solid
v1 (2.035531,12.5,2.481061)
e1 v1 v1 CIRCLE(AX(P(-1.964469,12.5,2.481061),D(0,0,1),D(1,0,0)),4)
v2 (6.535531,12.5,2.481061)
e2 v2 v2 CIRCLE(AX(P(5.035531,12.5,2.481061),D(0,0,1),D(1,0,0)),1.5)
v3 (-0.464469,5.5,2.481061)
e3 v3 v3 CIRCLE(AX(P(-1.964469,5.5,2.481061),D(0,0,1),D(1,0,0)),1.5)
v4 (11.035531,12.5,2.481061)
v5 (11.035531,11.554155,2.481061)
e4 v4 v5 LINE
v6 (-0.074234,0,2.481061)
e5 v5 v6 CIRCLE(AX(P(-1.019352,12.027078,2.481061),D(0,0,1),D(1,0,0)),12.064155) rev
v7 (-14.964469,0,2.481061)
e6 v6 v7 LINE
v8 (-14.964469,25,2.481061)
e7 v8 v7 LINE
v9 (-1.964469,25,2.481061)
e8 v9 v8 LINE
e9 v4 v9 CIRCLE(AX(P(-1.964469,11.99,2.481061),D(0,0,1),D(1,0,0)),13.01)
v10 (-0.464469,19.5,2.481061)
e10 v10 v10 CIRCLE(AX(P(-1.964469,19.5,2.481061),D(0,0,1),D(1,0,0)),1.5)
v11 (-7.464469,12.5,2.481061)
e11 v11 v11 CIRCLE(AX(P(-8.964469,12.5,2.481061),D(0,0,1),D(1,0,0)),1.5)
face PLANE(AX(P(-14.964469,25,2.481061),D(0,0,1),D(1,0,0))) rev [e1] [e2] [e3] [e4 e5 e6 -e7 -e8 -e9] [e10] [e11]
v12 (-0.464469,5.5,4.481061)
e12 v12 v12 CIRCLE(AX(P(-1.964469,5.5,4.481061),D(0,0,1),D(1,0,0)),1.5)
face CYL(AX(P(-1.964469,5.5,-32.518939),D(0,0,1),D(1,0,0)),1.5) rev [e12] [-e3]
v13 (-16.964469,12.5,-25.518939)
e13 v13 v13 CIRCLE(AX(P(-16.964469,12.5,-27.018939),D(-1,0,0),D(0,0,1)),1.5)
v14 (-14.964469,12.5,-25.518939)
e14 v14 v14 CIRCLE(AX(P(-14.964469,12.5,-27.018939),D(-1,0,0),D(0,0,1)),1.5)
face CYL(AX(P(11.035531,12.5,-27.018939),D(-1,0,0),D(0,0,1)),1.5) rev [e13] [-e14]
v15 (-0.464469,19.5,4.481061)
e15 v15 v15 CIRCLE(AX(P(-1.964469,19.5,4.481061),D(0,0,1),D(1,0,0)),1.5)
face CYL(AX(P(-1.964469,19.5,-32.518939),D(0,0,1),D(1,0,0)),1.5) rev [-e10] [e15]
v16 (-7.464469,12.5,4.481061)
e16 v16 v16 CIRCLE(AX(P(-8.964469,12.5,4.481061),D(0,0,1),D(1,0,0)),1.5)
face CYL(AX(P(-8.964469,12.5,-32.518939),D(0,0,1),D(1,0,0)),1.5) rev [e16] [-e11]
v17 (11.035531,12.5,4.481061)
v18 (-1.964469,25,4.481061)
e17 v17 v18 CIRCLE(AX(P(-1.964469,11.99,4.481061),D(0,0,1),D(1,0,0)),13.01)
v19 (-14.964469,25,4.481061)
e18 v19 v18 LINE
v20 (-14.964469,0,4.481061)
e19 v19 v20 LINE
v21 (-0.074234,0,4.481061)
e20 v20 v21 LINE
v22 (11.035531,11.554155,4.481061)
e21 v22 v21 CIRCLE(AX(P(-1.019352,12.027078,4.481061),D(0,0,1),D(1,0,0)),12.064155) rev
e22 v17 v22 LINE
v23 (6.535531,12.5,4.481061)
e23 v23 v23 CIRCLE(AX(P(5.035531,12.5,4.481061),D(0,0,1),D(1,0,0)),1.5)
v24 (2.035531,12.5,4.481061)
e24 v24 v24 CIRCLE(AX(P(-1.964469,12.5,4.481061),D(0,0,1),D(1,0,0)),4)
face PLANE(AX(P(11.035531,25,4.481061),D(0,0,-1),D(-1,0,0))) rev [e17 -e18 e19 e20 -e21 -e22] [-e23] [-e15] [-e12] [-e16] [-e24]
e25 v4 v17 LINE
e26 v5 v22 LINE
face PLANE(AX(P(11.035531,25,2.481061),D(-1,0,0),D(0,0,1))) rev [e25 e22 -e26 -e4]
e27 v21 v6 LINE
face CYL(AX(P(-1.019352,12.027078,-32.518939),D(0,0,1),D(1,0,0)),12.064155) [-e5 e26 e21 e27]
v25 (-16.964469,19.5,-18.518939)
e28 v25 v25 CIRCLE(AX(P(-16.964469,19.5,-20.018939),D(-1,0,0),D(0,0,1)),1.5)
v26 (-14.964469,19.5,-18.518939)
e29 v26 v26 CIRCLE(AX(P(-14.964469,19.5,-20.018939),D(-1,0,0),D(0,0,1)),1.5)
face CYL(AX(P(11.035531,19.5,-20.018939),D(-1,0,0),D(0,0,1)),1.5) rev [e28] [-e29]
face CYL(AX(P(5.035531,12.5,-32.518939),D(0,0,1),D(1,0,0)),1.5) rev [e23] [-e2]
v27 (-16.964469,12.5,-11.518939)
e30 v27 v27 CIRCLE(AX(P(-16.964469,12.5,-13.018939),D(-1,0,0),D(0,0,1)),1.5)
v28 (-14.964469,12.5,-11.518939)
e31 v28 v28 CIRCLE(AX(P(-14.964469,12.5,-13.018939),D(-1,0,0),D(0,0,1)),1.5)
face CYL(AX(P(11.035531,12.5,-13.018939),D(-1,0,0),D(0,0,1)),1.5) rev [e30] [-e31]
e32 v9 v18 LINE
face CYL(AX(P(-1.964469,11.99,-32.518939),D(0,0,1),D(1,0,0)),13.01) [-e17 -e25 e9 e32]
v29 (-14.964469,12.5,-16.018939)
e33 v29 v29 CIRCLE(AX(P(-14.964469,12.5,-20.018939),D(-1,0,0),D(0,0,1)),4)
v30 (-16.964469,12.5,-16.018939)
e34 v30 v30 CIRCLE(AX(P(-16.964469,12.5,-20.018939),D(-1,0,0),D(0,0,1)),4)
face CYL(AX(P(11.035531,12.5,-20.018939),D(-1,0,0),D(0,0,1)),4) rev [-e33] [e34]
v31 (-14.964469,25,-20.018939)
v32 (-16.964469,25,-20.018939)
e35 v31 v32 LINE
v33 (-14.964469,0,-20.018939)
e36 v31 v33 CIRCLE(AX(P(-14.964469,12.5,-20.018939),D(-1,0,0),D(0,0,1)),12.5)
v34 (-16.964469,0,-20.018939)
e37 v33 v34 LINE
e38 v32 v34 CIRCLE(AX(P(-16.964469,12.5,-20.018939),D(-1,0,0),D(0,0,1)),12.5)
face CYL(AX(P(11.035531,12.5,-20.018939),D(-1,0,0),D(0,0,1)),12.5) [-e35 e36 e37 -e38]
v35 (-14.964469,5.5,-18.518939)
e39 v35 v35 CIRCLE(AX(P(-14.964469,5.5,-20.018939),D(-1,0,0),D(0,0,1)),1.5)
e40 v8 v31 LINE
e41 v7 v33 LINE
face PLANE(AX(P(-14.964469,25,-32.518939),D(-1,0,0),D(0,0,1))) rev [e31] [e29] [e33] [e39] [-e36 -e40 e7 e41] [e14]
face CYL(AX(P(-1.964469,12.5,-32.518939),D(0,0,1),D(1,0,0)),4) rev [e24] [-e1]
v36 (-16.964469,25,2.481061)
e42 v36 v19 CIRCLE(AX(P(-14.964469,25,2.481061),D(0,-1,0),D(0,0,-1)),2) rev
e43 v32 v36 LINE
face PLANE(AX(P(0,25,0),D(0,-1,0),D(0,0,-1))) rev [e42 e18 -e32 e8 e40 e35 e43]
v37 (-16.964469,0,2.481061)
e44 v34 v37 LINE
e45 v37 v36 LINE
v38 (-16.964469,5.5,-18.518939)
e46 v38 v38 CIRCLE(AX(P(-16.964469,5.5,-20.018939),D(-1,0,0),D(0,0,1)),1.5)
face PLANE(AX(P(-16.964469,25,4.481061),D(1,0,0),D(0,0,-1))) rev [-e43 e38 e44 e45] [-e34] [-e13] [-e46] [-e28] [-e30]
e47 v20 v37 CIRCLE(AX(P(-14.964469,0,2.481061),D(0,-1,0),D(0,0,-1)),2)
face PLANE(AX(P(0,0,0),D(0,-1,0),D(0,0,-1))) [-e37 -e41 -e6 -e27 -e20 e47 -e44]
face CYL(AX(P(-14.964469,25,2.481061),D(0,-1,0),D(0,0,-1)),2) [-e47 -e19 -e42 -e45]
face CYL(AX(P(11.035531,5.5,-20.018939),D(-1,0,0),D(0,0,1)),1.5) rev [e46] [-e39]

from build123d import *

# Parameters (mm, degrees)
ESTRUSIONE_ESTRUSIONE1_DEPTH = 25
RACCORDO1_R                  = 2
TAGLIO_ESTRUSIONE1_DEPTH     = 29
TAGLIO_ESTRUSIONE3_DEPTH     = 38
SCHIZZO6_R                   = 4
SCHIZZO6_R_2                 = 1.5
TAGLIO_ESTRUSIONE4_DEPTH     = 38
SCHIZZO7_R                   = 4
SCHIZZO7_R_2                 = 1.5
TAGLIO_ESTRUSIONE5_DEPTH     = 29


with BuildPart() as part:
    # Schizzo1 → Estrusione-Estrusione1 (new body)
    with BuildSketch(Plane(origin=(0, 0, 0), x_dir=(1, 0, 0), z_dir=(0, 1, 0))):
        Polygon((11.035530567, -4.481060606), (-16.964469433, -4.481060606), (-16.964469433, 32.518939394), (-14.964469433, 32.518939394), (-14.964469433, -2.481060606), (11.035530567, -2.481060606), align=None)
    extrude(amount=ESTRUSIONE_ESTRUSIONE1_DEPTH)

    # Raccordo1
    raccordo1_edges = [part.edges().sort_by_distance(p)[0] for p in [
        (-16.964469433, 12.5, 4.481060606),
    ]]
    fillet(raccordo1_edges, radius=RACCORDO1_R)

    # Schizzo2 → Taglio-Estrusione1 (cut, through all)
    with BuildSketch(Plane.ZY.offset(16.964469433)):
        with BuildLine():
            ThreePointArc((-20.018939394, 0), (-28.857774159, 3.661165235), (-32.518939394, 12.5))
            Line((-32.518939394, 12.5), (-32.518939394, 0))
            Line((-32.518939394, 0), (-20.018939394, 0))
        make_face()
        with BuildLine():
            Line((-20.018939394, 25), (-32.518939394, 25))
            Line((-32.518939394, 25), (-32.518939394, 12.5))
            ThreePointArc((-32.518939394, 12.5), (-28.857774159, 21.338834765), (-20.018939394, 25))
        make_face()
    extrude(amount=-TAGLIO_ESTRUSIONE1_DEPTH, mode=Mode.SUBTRACT)

    # Schizzo4 → Taglio-Estrusione3 (cut, through all)
    with BuildSketch(Plane.XY.offset(4.481060606)):
        with BuildLine():
            Line((11.035530567, 25), (-1.964469433, 25))
            ThreePointArc((-1.964469433, 25), (7.052874966, 21.368038174), (11.035530567, 12.5))
            Line((11.035530567, 12.5), (11.035530567, 25))
        make_face()
        with BuildLine():
            Line((11.035530567, 0), (11.035530567, 11.554155381))
            ThreePointArc((11.035530567, 11.554155381), (7.676890272, 3.665306442), (-0.074234222, 0))
            Line((-0.074234222, 0), (11.035530567, 0))
        make_face()
    extrude(amount=-TAGLIO_ESTRUSIONE3_DEPTH, mode=Mode.SUBTRACT)

    # Schizzo6 → Taglio-Estrusione4 (cut, through all)
    with BuildSketch(Plane.XY.offset(4.481060606)):
        with Locations((-1.964469433, 12.5)):
            Circle(SCHIZZO6_R)
        with Locations((-1.964469433, 19.5)):
            Circle(SCHIZZO6_R_2)
        with Locations((-1.964469433, 5.5)):
            Circle(SCHIZZO6_R_2)
        with Locations((5.035530567, 12.5)):
            Circle(SCHIZZO6_R_2)
        with Locations((-8.964469433, 12.5)):
            Circle(SCHIZZO6_R_2)
    extrude(amount=-TAGLIO_ESTRUSIONE4_DEPTH, mode=Mode.SUBTRACT)

    # Schizzo7 → Taglio-Estrusione5 (cut, through all)
    with BuildSketch(Plane.ZY.offset(16.964469433)):
        with Locations((-20.018939394, 12.5)):
            Circle(SCHIZZO7_R)
        with Locations((-27.018939394, 12.5)):
            Circle(SCHIZZO7_R_2)
        with Locations((-20.018939394, 19.5)):
            Circle(SCHIZZO7_R_2)
        with Locations((-20.018939394, 5.5)):
            Circle(SCHIZZO7_R_2)
        with Locations((-13.018939394, 12.5)):
            Circle(SCHIZZO7_R_2)
    extrude(amount=-TAGLIO_ESTRUSIONE5_DEPTH, mode=Mode.SUBTRACT)


solid = part.part
